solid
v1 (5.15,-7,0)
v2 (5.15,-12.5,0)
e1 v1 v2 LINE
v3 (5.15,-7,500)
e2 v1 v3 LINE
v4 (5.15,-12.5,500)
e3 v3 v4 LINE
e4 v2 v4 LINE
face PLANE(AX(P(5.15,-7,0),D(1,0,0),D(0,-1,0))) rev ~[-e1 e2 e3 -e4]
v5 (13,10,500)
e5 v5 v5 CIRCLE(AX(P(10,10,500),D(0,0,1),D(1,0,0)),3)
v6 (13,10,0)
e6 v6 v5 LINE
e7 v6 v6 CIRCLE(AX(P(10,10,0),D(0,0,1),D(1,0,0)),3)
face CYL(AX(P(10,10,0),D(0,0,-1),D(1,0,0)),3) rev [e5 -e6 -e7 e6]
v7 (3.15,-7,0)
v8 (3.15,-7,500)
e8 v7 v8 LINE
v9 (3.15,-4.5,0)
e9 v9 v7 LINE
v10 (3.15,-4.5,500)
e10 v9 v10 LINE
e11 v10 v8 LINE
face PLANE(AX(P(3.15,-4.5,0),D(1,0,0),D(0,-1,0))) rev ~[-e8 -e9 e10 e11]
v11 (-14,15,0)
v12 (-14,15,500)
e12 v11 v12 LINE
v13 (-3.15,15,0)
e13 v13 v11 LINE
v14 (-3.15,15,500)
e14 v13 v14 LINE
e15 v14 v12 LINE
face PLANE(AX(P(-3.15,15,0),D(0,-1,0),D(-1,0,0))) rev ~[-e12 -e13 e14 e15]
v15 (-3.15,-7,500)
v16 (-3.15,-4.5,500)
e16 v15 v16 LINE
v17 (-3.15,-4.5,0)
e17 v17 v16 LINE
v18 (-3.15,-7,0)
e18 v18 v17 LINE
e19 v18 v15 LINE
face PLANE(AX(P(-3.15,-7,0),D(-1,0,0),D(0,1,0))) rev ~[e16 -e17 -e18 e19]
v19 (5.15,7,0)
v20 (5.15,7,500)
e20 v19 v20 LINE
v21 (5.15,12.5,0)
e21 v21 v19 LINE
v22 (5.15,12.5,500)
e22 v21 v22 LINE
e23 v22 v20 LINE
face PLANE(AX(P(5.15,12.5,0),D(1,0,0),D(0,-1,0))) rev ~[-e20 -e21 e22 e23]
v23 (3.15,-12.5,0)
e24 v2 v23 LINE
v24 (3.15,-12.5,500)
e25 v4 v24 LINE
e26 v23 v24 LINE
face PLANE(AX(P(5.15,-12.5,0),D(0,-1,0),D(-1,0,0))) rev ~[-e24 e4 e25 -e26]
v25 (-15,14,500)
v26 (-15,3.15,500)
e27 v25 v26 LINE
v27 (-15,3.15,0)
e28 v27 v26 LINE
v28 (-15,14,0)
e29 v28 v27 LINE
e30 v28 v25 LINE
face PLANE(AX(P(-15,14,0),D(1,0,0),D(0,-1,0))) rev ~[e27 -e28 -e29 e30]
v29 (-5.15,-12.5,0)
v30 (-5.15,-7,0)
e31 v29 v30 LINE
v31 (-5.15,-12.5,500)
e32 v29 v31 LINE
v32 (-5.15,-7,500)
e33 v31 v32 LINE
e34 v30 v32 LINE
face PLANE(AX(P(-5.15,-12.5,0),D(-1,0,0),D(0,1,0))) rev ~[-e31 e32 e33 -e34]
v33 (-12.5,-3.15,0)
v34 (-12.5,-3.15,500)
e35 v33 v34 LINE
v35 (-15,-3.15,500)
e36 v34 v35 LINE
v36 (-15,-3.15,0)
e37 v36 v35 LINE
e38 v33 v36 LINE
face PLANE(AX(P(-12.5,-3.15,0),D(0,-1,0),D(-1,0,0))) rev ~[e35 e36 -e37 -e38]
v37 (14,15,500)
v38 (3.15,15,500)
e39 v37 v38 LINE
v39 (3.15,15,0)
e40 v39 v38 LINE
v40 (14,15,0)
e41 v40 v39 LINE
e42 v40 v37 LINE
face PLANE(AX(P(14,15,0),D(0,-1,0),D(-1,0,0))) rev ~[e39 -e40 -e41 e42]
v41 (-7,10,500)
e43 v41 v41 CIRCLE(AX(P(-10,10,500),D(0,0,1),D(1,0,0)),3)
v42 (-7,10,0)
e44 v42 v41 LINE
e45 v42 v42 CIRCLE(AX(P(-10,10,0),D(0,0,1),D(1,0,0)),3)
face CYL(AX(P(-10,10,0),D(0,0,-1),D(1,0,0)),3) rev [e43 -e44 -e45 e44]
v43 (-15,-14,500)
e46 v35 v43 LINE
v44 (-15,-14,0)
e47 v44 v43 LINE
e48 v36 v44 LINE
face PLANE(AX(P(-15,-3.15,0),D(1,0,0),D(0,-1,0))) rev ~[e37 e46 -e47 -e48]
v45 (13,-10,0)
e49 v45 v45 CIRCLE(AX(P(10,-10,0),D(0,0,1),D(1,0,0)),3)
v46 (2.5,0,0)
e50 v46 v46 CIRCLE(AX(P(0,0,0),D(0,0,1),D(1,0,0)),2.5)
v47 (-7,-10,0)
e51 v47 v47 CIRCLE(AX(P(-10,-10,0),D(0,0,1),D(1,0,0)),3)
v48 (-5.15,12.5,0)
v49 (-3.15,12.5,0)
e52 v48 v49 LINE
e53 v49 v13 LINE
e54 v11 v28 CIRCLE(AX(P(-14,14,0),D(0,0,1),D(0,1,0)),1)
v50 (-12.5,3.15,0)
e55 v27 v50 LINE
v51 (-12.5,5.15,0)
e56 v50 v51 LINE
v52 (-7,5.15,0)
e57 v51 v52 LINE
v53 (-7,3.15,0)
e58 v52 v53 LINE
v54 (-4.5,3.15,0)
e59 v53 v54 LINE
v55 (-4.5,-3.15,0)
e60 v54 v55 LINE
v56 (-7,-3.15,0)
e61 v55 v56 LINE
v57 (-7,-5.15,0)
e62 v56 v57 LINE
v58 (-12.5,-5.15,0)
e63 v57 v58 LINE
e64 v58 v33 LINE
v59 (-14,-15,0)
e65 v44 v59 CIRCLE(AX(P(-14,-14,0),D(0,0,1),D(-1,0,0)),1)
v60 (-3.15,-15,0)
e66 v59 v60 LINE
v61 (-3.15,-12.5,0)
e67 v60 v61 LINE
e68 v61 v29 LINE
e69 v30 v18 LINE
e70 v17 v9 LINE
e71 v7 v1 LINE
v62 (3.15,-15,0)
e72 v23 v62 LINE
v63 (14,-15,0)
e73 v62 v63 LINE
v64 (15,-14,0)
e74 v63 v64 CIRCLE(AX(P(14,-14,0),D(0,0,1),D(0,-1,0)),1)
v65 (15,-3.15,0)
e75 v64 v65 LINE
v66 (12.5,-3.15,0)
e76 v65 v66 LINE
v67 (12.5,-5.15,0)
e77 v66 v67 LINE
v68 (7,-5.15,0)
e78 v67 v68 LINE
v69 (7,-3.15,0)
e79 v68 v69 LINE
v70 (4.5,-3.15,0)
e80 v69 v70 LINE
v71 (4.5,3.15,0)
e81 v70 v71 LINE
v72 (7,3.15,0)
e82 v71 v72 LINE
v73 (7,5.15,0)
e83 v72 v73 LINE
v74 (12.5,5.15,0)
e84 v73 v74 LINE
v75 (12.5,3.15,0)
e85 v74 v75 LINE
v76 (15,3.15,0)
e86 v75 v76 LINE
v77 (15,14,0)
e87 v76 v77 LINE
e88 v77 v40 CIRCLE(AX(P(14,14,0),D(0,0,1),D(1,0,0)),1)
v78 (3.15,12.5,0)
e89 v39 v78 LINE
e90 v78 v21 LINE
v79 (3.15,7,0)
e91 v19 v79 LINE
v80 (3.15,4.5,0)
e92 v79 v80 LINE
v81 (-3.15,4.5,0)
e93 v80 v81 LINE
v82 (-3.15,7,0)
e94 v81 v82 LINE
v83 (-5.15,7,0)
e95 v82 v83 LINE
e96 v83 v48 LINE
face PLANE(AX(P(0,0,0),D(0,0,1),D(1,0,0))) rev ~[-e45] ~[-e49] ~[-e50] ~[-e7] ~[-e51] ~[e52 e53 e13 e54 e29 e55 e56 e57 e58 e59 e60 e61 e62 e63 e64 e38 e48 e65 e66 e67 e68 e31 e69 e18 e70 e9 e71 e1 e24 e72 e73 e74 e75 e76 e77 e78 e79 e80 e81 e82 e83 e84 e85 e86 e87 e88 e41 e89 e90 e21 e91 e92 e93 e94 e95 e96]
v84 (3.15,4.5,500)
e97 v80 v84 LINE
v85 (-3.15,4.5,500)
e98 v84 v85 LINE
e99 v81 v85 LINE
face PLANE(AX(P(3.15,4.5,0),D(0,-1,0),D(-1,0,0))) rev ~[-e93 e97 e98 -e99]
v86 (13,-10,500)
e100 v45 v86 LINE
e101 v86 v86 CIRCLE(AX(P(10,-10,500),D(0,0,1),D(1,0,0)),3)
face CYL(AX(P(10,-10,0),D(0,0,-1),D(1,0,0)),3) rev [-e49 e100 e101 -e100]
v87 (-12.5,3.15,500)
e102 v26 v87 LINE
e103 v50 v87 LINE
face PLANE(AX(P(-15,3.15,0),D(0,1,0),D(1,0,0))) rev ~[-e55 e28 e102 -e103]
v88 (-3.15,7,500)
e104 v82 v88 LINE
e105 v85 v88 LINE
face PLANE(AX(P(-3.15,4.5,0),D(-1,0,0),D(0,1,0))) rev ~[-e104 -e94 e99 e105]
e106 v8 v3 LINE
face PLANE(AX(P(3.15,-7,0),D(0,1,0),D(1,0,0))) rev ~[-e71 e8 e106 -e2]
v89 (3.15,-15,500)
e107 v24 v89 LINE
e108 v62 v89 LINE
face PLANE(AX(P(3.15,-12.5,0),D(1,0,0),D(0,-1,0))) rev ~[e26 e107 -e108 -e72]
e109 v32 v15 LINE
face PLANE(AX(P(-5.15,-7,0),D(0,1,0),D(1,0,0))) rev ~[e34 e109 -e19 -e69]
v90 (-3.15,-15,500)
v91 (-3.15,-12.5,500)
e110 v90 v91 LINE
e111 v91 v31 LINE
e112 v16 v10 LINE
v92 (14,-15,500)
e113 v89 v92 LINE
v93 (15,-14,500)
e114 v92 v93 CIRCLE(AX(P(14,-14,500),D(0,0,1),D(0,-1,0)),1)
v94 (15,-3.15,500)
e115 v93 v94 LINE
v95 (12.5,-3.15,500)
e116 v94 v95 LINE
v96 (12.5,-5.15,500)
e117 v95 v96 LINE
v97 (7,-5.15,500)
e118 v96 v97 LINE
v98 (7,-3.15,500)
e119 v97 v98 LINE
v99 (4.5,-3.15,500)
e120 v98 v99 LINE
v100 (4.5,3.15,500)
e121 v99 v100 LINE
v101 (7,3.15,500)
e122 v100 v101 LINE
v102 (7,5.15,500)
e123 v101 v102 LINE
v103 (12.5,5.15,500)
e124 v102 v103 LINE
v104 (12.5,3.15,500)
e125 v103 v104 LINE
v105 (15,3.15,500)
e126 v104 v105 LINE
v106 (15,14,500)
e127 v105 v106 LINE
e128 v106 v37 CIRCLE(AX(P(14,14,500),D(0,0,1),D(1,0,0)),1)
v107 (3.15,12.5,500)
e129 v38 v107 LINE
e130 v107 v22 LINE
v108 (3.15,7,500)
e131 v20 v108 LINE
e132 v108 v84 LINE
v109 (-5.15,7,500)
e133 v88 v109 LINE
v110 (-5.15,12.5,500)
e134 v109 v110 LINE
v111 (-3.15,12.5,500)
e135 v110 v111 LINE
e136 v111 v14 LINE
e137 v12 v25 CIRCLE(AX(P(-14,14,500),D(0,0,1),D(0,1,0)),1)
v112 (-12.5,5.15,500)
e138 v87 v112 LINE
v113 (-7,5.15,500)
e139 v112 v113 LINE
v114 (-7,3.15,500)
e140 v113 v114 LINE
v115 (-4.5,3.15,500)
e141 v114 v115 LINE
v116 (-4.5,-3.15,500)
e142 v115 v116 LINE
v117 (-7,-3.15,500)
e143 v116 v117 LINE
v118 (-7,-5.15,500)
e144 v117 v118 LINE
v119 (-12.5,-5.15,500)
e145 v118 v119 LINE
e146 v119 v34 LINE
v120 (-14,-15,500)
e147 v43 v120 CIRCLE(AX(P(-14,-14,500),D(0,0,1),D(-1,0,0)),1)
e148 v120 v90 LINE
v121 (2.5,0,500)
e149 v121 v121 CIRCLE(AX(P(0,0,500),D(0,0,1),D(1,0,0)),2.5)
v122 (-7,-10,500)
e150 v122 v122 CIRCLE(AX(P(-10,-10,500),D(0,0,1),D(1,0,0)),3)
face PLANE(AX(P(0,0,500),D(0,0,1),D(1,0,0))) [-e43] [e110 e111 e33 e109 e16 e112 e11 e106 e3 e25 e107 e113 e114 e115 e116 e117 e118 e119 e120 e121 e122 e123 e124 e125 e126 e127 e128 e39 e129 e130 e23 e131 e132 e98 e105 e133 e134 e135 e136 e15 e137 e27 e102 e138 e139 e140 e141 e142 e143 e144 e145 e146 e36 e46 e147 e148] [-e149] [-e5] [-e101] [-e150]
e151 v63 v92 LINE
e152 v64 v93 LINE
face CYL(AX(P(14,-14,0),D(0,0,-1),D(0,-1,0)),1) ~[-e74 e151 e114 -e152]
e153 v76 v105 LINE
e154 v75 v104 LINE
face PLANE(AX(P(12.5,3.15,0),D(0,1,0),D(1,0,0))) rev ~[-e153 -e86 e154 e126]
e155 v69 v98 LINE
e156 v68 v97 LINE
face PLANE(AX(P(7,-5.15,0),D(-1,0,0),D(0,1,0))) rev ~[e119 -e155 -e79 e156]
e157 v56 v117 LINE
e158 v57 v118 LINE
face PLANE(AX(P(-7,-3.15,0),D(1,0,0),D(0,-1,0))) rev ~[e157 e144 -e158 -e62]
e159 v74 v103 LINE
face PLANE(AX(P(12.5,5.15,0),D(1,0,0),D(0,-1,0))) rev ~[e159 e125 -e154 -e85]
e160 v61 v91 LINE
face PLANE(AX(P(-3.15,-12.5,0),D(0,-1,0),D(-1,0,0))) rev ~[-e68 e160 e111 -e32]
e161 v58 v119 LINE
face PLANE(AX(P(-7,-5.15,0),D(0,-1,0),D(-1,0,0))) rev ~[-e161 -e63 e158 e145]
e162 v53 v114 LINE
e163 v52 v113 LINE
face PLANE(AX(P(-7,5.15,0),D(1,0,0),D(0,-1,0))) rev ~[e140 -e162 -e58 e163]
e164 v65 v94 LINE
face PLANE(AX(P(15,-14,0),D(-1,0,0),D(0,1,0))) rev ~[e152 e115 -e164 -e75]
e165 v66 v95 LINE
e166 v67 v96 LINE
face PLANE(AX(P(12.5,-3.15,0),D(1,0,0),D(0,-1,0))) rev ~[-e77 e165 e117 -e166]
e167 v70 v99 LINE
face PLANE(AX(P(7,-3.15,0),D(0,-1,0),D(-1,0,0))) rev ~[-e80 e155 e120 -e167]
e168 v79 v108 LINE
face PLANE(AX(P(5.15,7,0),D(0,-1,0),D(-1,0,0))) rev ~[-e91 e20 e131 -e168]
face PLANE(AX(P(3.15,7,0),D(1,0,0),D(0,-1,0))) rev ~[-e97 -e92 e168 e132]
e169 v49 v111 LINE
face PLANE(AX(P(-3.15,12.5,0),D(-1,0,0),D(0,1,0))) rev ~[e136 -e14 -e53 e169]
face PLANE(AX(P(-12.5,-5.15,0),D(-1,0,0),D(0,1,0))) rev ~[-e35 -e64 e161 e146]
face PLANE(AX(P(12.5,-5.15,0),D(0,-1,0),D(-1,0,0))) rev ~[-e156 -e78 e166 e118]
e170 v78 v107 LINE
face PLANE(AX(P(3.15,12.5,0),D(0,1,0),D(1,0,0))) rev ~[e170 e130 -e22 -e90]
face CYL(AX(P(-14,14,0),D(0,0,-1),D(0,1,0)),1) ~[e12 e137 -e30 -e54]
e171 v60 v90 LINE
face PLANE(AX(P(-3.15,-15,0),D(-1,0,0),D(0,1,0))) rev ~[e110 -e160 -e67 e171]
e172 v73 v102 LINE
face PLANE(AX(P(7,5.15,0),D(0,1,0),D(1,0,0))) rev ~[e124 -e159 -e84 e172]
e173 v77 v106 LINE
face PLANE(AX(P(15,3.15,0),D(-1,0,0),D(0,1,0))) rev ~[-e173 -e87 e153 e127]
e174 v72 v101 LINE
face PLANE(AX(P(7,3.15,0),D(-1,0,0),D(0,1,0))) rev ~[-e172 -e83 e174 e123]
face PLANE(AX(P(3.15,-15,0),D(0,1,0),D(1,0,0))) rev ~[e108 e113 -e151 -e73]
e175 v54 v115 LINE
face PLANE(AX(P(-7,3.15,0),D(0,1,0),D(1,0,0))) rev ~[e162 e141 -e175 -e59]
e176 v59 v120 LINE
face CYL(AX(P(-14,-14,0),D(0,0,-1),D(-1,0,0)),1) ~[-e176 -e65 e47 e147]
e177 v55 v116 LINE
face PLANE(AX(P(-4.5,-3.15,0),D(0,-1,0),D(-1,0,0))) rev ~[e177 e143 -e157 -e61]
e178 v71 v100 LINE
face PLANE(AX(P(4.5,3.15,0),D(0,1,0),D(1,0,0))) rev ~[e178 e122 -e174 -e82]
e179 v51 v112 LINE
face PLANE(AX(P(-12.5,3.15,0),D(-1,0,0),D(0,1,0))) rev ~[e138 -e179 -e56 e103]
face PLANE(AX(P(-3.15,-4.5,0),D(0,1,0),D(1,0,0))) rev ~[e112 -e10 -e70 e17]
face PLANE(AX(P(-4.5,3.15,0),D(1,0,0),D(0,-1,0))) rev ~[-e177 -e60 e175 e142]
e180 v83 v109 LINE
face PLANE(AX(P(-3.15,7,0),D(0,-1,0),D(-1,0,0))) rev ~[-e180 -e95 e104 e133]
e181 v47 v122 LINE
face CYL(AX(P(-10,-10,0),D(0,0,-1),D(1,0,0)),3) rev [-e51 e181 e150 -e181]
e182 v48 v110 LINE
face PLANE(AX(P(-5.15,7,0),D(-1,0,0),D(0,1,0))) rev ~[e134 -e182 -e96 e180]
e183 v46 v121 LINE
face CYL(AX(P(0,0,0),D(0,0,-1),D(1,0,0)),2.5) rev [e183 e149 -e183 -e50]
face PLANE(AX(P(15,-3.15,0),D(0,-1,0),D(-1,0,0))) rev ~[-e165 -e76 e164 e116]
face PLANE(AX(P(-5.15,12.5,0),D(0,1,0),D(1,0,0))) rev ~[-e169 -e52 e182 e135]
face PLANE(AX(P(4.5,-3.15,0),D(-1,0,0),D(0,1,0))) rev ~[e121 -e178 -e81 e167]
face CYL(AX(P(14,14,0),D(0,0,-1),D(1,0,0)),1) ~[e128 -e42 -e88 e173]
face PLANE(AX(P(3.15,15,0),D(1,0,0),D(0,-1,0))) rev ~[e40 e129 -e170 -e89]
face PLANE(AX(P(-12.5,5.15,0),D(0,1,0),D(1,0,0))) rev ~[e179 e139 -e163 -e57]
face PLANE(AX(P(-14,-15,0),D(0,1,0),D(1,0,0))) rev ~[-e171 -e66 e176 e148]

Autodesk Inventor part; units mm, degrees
ref_plane "YZ Plane" through (0, 0, 0) normal (1, 0, 0) x (0, 1, 0)
ref_plane "XZ Plane" through (0, 0, 0) normal (0, 1, 0) x (-1, 0, 0)
ref_plane "XY Plane" through (0, 0, 0) normal (0, 0, 1) x (1, 0, 0)
feature "ソリッド1" [suppressed]
sketch "スケッチ2" plane through (0, 0, 0) normal (0, 0, 1) x (1, 0, 0)
  line L0 (-12.5, 5.15) -> (-7, 5.15) projected
  line L1 (-7, 5.15) -> (-7, 3.15) projected
  line L2 (-7, 3.15) -> (-4.5, 3.15) projected
  line L3 (-4.5, 3.15) -> (-4.5, -3.15) projected
  line L4 (-4.5, -3.15) -> (-7, -3.15) projected
  line L5 (-7, -3.15) -> (-7, -5.15) projected
  line L6 (-7, -5.15) -> (-12.5, -5.15) projected
  line L7 (-12.5, -5.15) -> (-12.5, -3.15) projected
  line L8 (-12.5, -3.15) -> (-15, -3.15) projected
  line L9 (-15, -3.15) -> (-15, -14) projected
  arc A0 (-15, -14) -> (-14, -15) centre (-14, -14) ccw projected
  line L10 (-14, -15) -> (-3.15, -15) projected
  line L11 (-3.15, -15) -> (-3.15, -12.5) projected
  line L12 (-3.15, -12.5) -> (-5.15, -12.5) projected
  line L13 (-5.15, -12.5) -> (-5.15, -7) projected
  line L14 (-5.15, -7) -> (-3.15, -7) projected
  line L15 (-3.15, -7) -> (-3.15, -4.5) projected
  line L16 (-3.15, -4.5) -> (3.15, -4.5) projected
  line L17 (3.15, -4.5) -> (3.15, -7) projected
  line L18 (3.15, -7) -> (5.15, -7) projected
  line L19 (5.15, -7) -> (5.15, -12.5) projected
  line L20 (5.15, -12.5) -> (3.15, -12.5) projected
  line L21 (3.15, -12.5) -> (3.15, -15) projected
  line L22 (3.15, -15) -> (14, -15) projected
  arc A1 (14, -15) -> (15, -14) centre (14, -14) ccw projected
  line L23 (15, -14) -> (15, -3.15) projected
  line L24 (15, -3.15) -> (12.5, -3.15) projected
  line L25 (12.5, -3.15) -> (12.5, -5.15) projected
  line L26 (12.5, -5.15) -> (7, -5.15) projected
  line L27 (7, -5.15) -> (7, -3.15) projected
  line L28 (7, -3.15) -> (4.5, -3.15) projected
  line L29 (4.5, -3.15) -> (4.5, 3.15) projected
  line L30 (4.5, 3.15) -> (7, 3.15) projected
  line L31 (7, 3.15) -> (7, 5.15) projected
  line L32 (7, 5.15) -> (12.5, 5.15) projected
  line L33 (12.5, 5.15) -> (12.5, 3.15) projected
  line L34 (12.5, 3.15) -> (15, 3.15) projected
  line L35 (15, 3.15) -> (15, 14) projected
  arc A2 (15, 14) -> (14, 15) centre (14, 14) ccw projected
  line L36 (14, 15) -> (3.15, 15) projected
  line L37 (3.15, 15) -> (3.15, 12.5) projected
  line L38 (3.15, 12.5) -> (5.15, 12.5) projected
  line L39 (5.15, 12.5) -> (5.15, 7) projected
  line L40 (5.15, 7) -> (3.15, 7) projected
  line L41 (3.15, 7) -> (3.15, 4.5) projected
  line L42 (3.15, 4.5) -> (-3.15, 4.5) projected
  line L43 (-3.15, 4.5) -> (-3.15, 7) projected
  line L44 (-3.15, 7) -> (-5.15, 7) projected
  line L45 (-5.15, 7) -> (-5.15, 12.5) projected
  line L46 (-5.15, 12.5) -> (-3.15, 12.5) projected
  line L47 (-3.15, 12.5) -> (-3.15, 15) projected
  line L48 (-3.15, 15) -> (-14, 15) projected
  arc A3 (-14, 15) -> (-15, 14) centre (-14, 14) ccw projected
  line L49 (-15, 14) -> (-15, 3.15) projected
  line L50 (-15, 3.15) -> (-12.5, 3.15) projected
  line L51 (-12.5, 3.15) -> (-12.5, 5.15) projected
  circle A4 centre (10, 10) radius 3 projected
  circle A5 centre (-10, 10) radius 3 projected
  circle A6 centre (-10, -10) radius 3 projected
  circle A7 centre (10, -10) radius 3 projected
  circle A8 centre (0, 0) radius 2.5 projected
extrude "押し出し1" add sketch "スケッチ2" along normal blind 500
equation "\"d1\" = L"
equation "\"L\" = 500"
properties part number "AFS-3030-200"
